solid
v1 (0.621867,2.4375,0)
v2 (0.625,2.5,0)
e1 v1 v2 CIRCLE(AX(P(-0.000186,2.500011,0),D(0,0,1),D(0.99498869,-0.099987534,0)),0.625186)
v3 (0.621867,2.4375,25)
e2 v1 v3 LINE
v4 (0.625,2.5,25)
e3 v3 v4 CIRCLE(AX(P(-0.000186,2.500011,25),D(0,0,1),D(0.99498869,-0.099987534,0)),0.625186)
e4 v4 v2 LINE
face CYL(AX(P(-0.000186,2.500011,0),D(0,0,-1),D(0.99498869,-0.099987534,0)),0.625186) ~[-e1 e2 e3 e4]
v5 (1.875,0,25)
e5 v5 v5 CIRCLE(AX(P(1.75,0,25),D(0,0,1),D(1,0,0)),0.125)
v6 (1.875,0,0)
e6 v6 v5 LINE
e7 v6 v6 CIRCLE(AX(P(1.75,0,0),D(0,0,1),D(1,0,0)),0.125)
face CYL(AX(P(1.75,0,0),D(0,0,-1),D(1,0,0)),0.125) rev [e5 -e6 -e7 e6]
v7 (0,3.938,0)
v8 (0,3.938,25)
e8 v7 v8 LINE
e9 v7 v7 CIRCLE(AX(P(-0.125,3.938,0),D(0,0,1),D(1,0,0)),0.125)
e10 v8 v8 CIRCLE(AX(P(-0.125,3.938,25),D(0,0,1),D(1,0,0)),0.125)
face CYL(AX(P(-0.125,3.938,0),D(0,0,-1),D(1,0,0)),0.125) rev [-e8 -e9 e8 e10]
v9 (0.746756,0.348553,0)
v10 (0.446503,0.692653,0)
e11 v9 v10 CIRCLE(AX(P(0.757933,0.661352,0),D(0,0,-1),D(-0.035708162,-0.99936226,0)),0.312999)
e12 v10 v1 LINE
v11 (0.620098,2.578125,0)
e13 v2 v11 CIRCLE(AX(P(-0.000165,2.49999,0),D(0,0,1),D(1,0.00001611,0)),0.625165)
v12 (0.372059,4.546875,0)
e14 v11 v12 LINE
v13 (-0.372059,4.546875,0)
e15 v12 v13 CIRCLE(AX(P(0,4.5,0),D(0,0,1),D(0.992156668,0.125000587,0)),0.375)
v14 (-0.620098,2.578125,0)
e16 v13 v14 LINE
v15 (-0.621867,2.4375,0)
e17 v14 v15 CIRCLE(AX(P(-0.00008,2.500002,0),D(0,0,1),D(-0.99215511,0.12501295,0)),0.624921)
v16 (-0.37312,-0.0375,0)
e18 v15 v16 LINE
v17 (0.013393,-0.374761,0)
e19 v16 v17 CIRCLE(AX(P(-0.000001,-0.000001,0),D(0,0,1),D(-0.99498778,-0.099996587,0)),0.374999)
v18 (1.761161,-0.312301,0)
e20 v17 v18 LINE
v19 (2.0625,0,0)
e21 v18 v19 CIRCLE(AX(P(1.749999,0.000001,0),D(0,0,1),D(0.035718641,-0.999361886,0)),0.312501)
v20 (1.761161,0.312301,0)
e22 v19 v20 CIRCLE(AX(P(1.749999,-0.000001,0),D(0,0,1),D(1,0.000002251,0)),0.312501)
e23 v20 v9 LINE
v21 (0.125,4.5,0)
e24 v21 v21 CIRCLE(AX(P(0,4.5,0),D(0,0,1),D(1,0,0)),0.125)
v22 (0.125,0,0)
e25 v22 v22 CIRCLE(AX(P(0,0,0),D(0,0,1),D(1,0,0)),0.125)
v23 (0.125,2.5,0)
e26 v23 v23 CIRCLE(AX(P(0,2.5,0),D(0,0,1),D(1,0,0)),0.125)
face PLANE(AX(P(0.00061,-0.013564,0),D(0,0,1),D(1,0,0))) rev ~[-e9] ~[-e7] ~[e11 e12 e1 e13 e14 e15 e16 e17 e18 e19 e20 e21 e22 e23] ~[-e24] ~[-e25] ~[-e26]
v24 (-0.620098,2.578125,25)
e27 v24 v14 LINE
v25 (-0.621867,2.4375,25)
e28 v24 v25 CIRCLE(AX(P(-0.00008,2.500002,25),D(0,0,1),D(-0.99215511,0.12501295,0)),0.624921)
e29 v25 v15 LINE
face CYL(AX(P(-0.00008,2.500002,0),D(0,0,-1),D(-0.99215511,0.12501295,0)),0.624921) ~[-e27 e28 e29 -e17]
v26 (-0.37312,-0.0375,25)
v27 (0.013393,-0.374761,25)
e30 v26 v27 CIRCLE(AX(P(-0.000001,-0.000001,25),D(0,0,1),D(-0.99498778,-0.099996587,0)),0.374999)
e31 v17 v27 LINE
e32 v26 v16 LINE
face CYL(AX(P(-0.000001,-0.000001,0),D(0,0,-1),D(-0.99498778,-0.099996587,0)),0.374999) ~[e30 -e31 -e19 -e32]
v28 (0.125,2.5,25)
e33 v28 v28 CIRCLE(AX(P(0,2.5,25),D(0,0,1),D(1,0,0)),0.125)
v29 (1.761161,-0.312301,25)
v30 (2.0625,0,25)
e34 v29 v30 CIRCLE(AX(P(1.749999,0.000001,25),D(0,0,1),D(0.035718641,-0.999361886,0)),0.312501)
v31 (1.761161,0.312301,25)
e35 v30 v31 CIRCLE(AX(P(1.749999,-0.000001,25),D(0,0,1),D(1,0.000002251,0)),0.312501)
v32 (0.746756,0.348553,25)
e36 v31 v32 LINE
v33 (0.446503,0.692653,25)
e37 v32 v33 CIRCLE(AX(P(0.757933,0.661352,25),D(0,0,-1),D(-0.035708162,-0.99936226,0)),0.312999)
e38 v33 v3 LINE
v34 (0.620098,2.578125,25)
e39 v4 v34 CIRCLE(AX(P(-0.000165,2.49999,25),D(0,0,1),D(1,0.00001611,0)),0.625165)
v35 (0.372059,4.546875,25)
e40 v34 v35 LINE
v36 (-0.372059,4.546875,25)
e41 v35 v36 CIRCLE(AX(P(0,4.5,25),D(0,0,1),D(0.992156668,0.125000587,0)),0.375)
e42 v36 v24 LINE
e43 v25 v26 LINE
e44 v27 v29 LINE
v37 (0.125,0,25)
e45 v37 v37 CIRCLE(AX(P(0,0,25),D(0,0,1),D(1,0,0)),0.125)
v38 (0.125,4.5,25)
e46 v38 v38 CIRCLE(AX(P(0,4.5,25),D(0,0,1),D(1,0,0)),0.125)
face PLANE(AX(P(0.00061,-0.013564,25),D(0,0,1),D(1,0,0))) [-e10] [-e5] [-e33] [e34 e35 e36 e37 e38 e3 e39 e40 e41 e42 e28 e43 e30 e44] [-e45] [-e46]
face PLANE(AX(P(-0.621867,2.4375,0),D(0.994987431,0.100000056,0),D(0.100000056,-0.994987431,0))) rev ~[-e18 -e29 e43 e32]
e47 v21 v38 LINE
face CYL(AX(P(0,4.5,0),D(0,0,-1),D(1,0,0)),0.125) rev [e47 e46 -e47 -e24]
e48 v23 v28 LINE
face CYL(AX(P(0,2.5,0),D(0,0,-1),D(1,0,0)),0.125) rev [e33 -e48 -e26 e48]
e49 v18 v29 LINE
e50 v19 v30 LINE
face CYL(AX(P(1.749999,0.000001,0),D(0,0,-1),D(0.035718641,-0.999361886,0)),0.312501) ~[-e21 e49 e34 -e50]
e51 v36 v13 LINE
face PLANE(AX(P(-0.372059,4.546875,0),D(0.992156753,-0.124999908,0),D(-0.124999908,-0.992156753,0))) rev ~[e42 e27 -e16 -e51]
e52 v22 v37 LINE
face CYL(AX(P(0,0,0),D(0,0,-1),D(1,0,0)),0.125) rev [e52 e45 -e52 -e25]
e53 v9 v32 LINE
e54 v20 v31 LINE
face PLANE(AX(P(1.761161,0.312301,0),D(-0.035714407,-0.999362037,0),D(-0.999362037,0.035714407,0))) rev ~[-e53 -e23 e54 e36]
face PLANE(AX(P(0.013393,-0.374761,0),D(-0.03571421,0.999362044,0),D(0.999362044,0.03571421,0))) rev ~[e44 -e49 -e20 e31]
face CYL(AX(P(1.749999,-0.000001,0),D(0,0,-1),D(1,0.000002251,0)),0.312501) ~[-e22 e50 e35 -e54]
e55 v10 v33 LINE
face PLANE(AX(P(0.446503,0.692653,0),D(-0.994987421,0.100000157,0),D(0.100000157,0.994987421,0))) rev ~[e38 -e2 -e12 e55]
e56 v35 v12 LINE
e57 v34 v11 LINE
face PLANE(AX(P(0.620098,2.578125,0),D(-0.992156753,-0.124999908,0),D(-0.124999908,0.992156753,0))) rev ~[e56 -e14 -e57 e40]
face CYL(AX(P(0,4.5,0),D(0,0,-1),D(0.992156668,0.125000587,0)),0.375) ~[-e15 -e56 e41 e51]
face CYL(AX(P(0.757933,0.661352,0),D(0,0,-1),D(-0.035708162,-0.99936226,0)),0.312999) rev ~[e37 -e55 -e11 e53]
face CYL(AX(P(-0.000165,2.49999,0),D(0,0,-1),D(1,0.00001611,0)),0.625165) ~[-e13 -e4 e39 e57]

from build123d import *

# Parameters (mm, degrees)
F0_R     = 0.125
F1_DEPTH = 25
F2_DEPTH = 3.048


with BuildPart() as f1:
    # F0 (on Top) → F1 (new body)
    with BuildSketch(Plane.XY):
        with BuildLine():
            ThreePointArc((0.013393, -0.374761), (0.269859, -0.260387), (0.375, 0))
            ThreePointArc((0.375, 0), (-0.018774, 0.37453), (-0.37312, -0.0375))
            ThreePointArc((-0.37312, -0.0375), (-0.246551, -0.282556), (0.013393, -0.374761))
        make_face()
        Circle(F0_R, mode=Mode.SUBTRACT)
        with BuildLine():
            ThreePointArc((-0.37312, -0.0375), (-0.018774, 0.37453), (0.375, 0))
            ThreePointArc((0.375, 0), (0.269859, -0.260387), (0.013393, -0.374761))
            Line((0.013393, -0.374761), (1.761161, -0.312301))
            ThreePointArc((1.761161, -0.312301), (1.4375, 0), (1.761161, 0.312301))
            Line((1.761161, 0.312301), (0.746756, 0.348553))
            ThreePointArc((0.746756, 0.348553), (0.522094, 0.455565), (0.446503, 0.692653))
            Line((0.446503, 0.692653), (0.621867, 2.4375))
            ThreePointArc((0.621867, 2.4375), (0, 1.875), (-0.621867, 2.4375))
            Line((-0.621867, 2.4375), (-0.37312, -0.0375))
        make_face()
        with BuildLine():
            ThreePointArc((-0.620098, 2.578125), (-0.624951, 2.507862), (-0.621867, 2.4375))
            ThreePointArc((-0.621867, 2.4375), (0, 1.875), (0.621867, 2.4375))
            ThreePointArc((0.621867, 2.4375), (0.624216, 2.468711), (0.625, 2.5))
            ThreePointArc((0.625, 2.5), (0.623773, 2.539139), (0.620098, 2.578125))
            ThreePointArc((0.620098, 2.578125), (0, 3.125), (-0.620098, 2.578125))
        make_face()
        with Locations((0, 2.5)):
            Circle(F0_R, mode=Mode.SUBTRACT)
        with BuildLine():
            ThreePointArc((1.761161, 0.312301), (1.4375, 0), (1.761161, -0.312301))
            ThreePointArc((1.761161, -0.312301), (1.974882, -0.216989), (2.0625, 0))
            ThreePointArc((2.0625, 0), (1.974882, 0.216989), (1.761161, 0.312301))
        make_face()
        with Locations((1.75, 0)):
            Circle(F0_R, mode=Mode.SUBTRACT)
        with BuildLine():
            Line((-0.372059, 4.546875), (-0.620098, 2.578125))
            ThreePointArc((-0.620098, 2.578125), (0, 3.125), (0.620098, 2.578125))
            Line((0.620098, 2.578125), (0.372059, 4.546875))
            ThreePointArc((0.372059, 4.546875), (0.374264, 4.523484), (0.375, 4.5))
            ThreePointArc((0.375, 4.5), (-0.023484, 4.125736), (-0.372059, 4.546875))
        make_face()
        with Locations((-0.125, 3.938)):
            Circle(F0_R, mode=Mode.SUBTRACT)
        with BuildLine():
            ThreePointArc((0.372059, 4.546875), (0, 4.875), (-0.372059, 4.546875))
            ThreePointArc((-0.372059, 4.546875), (-0.023484, 4.125736), (0.375, 4.5))
            ThreePointArc((0.375, 4.5), (0.374264, 4.523484), (0.372059, 4.546875))
        make_face()
        with Locations((0, 4.5)):
            Circle(F0_R, mode=Mode.SUBTRACT)
    extrude(amount=F1_DEPTH)

    # F0 (on Top) → F2 (join)
    with BuildSketch(Plane.XY):
        with BuildLine():
            ThreePointArc((0.013393, -0.374761), (0.269859, -0.260387), (0.375, 0))
            ThreePointArc((0.375, 0), (-0.018774, 0.37453), (-0.37312, -0.0375))
            ThreePointArc((-0.37312, -0.0375), (-0.246551, -0.282556), (0.013393, -0.374761))
        make_face()
        Circle(F0_R, mode=Mode.SUBTRACT)
        with BuildLine():
            ThreePointArc((-0.37312, -0.0375), (-0.018774, 0.37453), (0.375, 0))
            ThreePointArc((0.375, 0), (0.269859, -0.260387), (0.013393, -0.374761))
            Line((0.013393, -0.374761), (1.761161, -0.312301))
            ThreePointArc((1.761161, -0.312301), (1.4375, 0), (1.761161, 0.312301))
            Line((1.761161, 0.312301), (0.746756, 0.348553))
            ThreePointArc((0.746756, 0.348553), (0.522094, 0.455565), (0.446503, 0.692653))
            Line((0.446503, 0.692653), (0.621867, 2.4375))
            ThreePointArc((0.621867, 2.4375), (0, 1.875), (-0.621867, 2.4375))
            Line((-0.621867, 2.4375), (-0.37312, -0.0375))
        make_face()
        with BuildLine():
            ThreePointArc((-0.620098, 2.578125), (-0.624951, 2.507862), (-0.621867, 2.4375))
            ThreePointArc((-0.621867, 2.4375), (0, 1.875), (0.621867, 2.4375))
            ThreePointArc((0.621867, 2.4375), (0.624216, 2.468711), (0.625, 2.5))
            ThreePointArc((0.625, 2.5), (0.623773, 2.539139), (0.620098, 2.578125))
            ThreePointArc((0.620098, 2.578125), (0, 3.125), (-0.620098, 2.578125))
        make_face()
        with Locations((0, 2.5)):
            Circle(F0_R, mode=Mode.SUBTRACT)
        with BuildLine():
            ThreePointArc((1.761161, 0.312301), (1.4375, 0), (1.761161, -0.312301))
            ThreePointArc((1.761161, -0.312301), (1.974882, -0.216989), (2.0625, 0))
            ThreePointArc((2.0625, 0), (1.974882, 0.216989), (1.761161, 0.312301))
        make_face()
        with Locations((1.75, 0)):
            Circle(F0_R, mode=Mode.SUBTRACT)
        with BuildLine():
            Line((-0.372059, 4.546875), (-0.620098, 2.578125))
            ThreePointArc((-0.620098, 2.578125), (0, 3.125), (0.620098, 2.578125))
            Line((0.620098, 2.578125), (0.372059, 4.546875))
            ThreePointArc((0.372059, 4.546875), (0.374264, 4.523484), (0.375, 4.5))
            ThreePointArc((0.375, 4.5), (-0.023484, 4.125736), (-0.372059, 4.546875))
        make_face()
        with Locations((-0.125, 3.938)):
            Circle(F0_R, mode=Mode.SUBTRACT)
        with BuildLine():
            ThreePointArc((0.372059, 4.546875), (0, 4.875), (-0.372059, 4.546875))
            ThreePointArc((-0.372059, 4.546875), (-0.023484, 4.125736), (0.375, 4.5))
            ThreePointArc((0.375, 4.5), (0.374264, 4.523484), (0.372059, 4.546875))
        make_face()
        with Locations((0, 4.5)):
            Circle(F0_R, mode=Mode.SUBTRACT)
    extrude(amount=F2_DEPTH)


solid = f1.part
